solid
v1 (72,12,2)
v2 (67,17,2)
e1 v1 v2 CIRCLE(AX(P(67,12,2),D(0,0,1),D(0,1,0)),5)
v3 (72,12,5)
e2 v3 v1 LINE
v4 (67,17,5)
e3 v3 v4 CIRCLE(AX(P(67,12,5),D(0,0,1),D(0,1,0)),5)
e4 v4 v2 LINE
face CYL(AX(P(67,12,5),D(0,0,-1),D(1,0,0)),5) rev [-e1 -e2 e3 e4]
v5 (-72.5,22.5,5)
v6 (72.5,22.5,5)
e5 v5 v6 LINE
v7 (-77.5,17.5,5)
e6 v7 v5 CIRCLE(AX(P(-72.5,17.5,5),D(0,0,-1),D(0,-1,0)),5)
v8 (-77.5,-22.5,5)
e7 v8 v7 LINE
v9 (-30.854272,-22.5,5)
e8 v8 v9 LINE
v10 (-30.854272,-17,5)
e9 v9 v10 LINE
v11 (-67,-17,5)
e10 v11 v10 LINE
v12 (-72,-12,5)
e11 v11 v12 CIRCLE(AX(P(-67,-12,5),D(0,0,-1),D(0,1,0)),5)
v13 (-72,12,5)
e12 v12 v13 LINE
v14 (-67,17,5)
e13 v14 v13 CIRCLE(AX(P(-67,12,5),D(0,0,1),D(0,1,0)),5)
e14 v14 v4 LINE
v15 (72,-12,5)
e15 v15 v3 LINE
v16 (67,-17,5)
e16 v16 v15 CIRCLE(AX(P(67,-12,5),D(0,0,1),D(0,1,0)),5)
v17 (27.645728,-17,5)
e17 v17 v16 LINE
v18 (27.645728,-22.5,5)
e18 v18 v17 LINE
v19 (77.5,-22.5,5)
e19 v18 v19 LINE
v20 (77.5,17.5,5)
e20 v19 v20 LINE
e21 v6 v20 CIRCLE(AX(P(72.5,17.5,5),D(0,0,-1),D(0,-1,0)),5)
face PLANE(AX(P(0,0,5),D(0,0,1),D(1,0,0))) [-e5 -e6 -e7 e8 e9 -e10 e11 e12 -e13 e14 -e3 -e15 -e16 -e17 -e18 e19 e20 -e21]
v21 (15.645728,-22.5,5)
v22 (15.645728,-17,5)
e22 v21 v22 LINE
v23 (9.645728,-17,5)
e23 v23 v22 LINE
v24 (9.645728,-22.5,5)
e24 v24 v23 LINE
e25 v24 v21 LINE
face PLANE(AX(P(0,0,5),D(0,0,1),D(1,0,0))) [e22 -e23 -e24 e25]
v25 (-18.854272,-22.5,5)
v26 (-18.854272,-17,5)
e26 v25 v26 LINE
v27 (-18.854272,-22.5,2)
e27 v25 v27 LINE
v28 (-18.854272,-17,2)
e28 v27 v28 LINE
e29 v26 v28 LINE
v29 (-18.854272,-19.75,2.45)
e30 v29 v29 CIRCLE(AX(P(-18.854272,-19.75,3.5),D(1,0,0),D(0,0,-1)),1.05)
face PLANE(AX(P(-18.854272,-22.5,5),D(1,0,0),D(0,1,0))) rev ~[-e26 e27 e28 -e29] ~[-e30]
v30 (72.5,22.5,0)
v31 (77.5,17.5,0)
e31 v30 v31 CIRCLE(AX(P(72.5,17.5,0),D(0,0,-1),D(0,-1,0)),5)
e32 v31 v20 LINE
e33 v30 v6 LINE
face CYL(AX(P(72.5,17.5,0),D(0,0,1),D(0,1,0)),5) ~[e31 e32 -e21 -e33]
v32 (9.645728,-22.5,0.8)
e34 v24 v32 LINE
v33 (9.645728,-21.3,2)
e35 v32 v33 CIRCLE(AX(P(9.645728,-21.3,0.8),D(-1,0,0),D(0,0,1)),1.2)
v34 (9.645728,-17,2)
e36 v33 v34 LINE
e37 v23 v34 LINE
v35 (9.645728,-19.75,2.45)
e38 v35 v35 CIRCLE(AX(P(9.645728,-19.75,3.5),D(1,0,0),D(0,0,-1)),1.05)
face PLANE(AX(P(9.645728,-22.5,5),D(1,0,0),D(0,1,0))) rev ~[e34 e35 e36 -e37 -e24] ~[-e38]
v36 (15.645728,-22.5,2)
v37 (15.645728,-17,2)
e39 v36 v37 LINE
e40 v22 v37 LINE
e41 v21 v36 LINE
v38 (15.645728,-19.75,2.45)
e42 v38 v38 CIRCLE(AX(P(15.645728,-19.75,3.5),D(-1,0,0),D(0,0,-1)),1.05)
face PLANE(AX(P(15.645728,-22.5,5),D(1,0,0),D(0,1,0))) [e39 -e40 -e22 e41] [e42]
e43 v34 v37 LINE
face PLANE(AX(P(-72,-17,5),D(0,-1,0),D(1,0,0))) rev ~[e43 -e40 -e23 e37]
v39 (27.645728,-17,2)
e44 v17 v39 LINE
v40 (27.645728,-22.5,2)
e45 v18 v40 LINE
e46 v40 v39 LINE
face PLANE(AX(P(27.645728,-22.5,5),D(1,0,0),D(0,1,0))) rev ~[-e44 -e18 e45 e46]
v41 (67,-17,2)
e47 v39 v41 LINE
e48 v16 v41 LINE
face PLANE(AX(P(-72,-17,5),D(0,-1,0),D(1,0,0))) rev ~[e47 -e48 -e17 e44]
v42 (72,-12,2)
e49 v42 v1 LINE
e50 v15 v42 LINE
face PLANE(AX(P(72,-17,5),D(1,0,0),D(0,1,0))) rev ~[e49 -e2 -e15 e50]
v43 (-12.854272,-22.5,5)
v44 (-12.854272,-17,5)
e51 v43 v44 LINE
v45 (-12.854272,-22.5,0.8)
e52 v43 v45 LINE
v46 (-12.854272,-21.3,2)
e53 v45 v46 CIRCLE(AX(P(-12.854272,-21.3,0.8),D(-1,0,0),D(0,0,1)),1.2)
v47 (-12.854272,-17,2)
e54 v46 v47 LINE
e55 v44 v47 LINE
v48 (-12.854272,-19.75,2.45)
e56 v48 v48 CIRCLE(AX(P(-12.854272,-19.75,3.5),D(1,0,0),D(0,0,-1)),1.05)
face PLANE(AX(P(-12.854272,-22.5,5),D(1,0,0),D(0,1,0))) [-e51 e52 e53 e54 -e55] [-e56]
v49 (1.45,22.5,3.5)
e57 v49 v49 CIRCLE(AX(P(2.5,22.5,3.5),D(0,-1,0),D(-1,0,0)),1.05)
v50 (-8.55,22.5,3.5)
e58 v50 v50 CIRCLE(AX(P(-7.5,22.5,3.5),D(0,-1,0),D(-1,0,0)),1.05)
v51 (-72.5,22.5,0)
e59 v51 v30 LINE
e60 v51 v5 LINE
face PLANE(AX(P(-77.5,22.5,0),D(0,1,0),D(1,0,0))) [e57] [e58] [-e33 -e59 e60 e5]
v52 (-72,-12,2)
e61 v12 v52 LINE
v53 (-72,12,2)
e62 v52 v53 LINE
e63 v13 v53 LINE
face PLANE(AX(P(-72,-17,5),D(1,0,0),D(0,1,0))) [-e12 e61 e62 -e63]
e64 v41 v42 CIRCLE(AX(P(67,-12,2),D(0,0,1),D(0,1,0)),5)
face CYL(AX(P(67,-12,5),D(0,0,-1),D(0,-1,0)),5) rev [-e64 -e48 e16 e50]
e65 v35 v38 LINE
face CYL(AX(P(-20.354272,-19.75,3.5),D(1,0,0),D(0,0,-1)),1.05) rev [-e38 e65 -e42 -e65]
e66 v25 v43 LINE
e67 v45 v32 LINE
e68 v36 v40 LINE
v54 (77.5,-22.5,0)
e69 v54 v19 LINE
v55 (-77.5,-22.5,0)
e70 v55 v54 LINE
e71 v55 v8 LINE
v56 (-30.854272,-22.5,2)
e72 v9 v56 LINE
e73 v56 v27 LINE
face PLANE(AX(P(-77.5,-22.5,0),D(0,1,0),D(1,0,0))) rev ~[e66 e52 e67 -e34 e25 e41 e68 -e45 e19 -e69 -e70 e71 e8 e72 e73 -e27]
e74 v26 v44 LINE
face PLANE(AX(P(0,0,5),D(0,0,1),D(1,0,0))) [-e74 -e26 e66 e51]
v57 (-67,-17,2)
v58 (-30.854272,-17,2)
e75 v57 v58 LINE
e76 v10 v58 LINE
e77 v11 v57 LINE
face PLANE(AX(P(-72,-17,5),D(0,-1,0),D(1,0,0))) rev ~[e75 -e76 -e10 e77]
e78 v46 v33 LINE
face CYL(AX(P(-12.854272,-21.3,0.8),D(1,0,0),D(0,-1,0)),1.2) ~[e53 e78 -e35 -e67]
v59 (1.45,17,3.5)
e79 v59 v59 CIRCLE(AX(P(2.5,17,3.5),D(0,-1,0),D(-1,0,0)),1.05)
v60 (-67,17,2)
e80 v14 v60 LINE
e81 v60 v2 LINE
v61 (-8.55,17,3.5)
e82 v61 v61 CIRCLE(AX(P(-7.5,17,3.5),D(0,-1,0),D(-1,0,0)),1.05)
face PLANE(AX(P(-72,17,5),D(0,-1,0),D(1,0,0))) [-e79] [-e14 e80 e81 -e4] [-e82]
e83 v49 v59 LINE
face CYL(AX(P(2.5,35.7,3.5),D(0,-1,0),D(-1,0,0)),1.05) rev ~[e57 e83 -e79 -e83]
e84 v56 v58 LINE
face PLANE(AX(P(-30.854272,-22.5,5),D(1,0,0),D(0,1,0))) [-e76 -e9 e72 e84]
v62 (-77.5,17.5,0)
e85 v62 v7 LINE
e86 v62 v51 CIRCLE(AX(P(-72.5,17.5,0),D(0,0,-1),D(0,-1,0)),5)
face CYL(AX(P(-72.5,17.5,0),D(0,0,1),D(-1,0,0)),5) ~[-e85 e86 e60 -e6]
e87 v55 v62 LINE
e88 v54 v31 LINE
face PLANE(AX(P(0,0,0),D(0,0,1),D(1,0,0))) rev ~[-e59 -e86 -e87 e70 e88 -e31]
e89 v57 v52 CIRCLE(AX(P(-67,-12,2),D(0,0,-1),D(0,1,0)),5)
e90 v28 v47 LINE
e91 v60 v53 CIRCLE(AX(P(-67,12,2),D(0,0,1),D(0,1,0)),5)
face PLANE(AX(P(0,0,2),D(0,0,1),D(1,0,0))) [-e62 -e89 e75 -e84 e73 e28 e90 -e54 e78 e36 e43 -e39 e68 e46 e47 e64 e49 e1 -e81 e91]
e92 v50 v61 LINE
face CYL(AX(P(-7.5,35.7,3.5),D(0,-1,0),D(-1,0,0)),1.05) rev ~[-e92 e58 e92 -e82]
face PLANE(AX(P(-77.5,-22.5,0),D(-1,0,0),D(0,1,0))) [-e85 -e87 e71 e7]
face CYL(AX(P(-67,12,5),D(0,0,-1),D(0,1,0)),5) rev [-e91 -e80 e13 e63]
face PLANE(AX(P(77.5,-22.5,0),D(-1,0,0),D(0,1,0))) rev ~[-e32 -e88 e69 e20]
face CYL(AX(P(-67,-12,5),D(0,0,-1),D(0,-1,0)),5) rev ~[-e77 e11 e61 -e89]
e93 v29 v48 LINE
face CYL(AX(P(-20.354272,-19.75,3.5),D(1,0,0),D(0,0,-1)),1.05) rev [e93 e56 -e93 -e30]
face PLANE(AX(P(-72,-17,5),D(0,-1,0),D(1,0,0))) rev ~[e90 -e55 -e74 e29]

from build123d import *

# Parameters (mm, degrees)
SKETCH_1_W                  = 155
SKETCH_1_H                  = 45
EXTRUDE_1_DEPTH             = 5
SKETCH_2_W                  = 144
SKETCH_2_H                  = 34
CUT_EXTRUDE_1_DEPTH         = 3
FILLET_1_R                  = 5
FILLET_2_R                  = 5
SKETCH_7_W                  = 22.5
SKETCH_7_H                  = 5.5
CUT_EXTRUDE_2_DEPTH         = 3
FILLET_7_R                  = 1.2
SKETCH_9_W                  = 12
SKETCH_9_H                  = 5.5
CUT_EXTRUDE_3_DEPTH         = 3
HOLE_WIZARD_2_1_2_1_2_D     = 2.1
HOLE_WIZARD_2_1_2_1_2_DEPTH = 13.2
HOLE_WIZARD_2_1_2_1_2_TIP   = 0.63090365
SKETCH_15_W                 = 12
SKETCH_15_H                 = 5.5
CUT_EXTRUDE_4_DEPTH         = 3


with BuildPart() as part:
    # 草图1 → 凸台-拉伸1 (new body)
    with BuildSketch(Plane.XY):
        Rectangle(SKETCH_1_W, SKETCH_1_H)
    extrude(amount=EXTRUDE_1_DEPTH)

    # 草图2 → 切除-拉伸1 (cut)
    with BuildSketch(Plane.XY.offset(5)):
        Rectangle(SKETCH_2_W, SKETCH_2_H)
    extrude(amount=-CUT_EXTRUDE_1_DEPTH, mode=Mode.SUBTRACT)

    # 圆角1
    fillet_1_edges = [part.edges().sort_by_distance(p)[0] for p in [
        (-77.5, 22.5, 2.5),
        (77.5, 22.5, 2.5),
    ]]
    fillet(fillet_1_edges, radius=FILLET_1_R)

    # 圆角2
    fillet_2_edges = [part.edges().sort_by_distance(p)[0] for p in [
        (-72, -17, 3.5),
        (-72, 17, 3.5),
        (72, 17, 3.5),
        (72, -17, 3.5),
    ]]
    fillet(fillet_2_edges, radius=FILLET_2_R)

    # 草图7 → 切除-拉伸2 (cut)
    with BuildSketch(Plane.XY.offset(5)):
        with Locations((-1.604272417, -19.75)):
            Rectangle(SKETCH_7_W, SKETCH_7_H)
    extrude(amount=-CUT_EXTRUDE_2_DEPTH, mode=Mode.SUBTRACT)

    # 圆角7
    fillet_7_edges = [part.edges().sort_by_distance(p)[0] for p in [
        (-1.604272417, -22.5, 2),
    ]]
    fillet(fillet_7_edges, radius=FILLET_7_R)

    # 草图9 → 切除-拉伸3 (cut)
    with BuildSketch(Plane.XY.offset(5)):
        with Locations((21.645727583, -19.75)):
            Rectangle(SKETCH_9_W, SKETCH_9_H)
    extrude(amount=-CUT_EXTRUDE_3_DEPTH, mode=Mode.SUBTRACT)

    # 草图11 → Ø2.1 (2.1) 直径孔1 (revolve, cut)
    with BuildSketch(Plane(origin=(15.645727583, -19.75, 3.5), x_dir=(0, 0, -1), z_dir=(0, 1, 0))):
        Polygon((0, 0), (0, 36.63090365), (1.05, 36), (1.05, 0), align=None)
    revolve(axis=Axis((21.995727583, -19.75, 3.5), (-1, 0, 0)), mode=Mode.SUBTRACT)

    # Ø2.1 (2.1) 直径孔2
    with Locations(Plane(origin=(0, 22.5, 0), x_dir=(1, 0, 0), z_dir=(0, 1, 0))):
        with Locations((2.5, -3.5), (-7.5, -3.5)):
            Hole(HOLE_WIZARD_2_1_2_1_2_D / 2, depth=HOLE_WIZARD_2_1_2_1_2_DEPTH)
            with Locations((0, 0, -(HOLE_WIZARD_2_1_2_1_2_DEPTH + HOLE_WIZARD_2_1_2_1_2_TIP / 2))):  # 118° drill point
                Cone(0, HOLE_WIZARD_2_1_2_1_2_D / 2, HOLE_WIZARD_2_1_2_1_2_TIP, mode=Mode.SUBTRACT)

    # 草图15 → 切除-拉伸4 (cut)
    with BuildSketch(Plane.XY.offset(5)):
        with Locations((-24.854272417, -19.75)):
            Rectangle(SKETCH_15_W, SKETCH_15_H)
    extrude(amount=-CUT_EXTRUDE_4_DEPTH, mode=Mode.SUBTRACT)


solid = part.part
